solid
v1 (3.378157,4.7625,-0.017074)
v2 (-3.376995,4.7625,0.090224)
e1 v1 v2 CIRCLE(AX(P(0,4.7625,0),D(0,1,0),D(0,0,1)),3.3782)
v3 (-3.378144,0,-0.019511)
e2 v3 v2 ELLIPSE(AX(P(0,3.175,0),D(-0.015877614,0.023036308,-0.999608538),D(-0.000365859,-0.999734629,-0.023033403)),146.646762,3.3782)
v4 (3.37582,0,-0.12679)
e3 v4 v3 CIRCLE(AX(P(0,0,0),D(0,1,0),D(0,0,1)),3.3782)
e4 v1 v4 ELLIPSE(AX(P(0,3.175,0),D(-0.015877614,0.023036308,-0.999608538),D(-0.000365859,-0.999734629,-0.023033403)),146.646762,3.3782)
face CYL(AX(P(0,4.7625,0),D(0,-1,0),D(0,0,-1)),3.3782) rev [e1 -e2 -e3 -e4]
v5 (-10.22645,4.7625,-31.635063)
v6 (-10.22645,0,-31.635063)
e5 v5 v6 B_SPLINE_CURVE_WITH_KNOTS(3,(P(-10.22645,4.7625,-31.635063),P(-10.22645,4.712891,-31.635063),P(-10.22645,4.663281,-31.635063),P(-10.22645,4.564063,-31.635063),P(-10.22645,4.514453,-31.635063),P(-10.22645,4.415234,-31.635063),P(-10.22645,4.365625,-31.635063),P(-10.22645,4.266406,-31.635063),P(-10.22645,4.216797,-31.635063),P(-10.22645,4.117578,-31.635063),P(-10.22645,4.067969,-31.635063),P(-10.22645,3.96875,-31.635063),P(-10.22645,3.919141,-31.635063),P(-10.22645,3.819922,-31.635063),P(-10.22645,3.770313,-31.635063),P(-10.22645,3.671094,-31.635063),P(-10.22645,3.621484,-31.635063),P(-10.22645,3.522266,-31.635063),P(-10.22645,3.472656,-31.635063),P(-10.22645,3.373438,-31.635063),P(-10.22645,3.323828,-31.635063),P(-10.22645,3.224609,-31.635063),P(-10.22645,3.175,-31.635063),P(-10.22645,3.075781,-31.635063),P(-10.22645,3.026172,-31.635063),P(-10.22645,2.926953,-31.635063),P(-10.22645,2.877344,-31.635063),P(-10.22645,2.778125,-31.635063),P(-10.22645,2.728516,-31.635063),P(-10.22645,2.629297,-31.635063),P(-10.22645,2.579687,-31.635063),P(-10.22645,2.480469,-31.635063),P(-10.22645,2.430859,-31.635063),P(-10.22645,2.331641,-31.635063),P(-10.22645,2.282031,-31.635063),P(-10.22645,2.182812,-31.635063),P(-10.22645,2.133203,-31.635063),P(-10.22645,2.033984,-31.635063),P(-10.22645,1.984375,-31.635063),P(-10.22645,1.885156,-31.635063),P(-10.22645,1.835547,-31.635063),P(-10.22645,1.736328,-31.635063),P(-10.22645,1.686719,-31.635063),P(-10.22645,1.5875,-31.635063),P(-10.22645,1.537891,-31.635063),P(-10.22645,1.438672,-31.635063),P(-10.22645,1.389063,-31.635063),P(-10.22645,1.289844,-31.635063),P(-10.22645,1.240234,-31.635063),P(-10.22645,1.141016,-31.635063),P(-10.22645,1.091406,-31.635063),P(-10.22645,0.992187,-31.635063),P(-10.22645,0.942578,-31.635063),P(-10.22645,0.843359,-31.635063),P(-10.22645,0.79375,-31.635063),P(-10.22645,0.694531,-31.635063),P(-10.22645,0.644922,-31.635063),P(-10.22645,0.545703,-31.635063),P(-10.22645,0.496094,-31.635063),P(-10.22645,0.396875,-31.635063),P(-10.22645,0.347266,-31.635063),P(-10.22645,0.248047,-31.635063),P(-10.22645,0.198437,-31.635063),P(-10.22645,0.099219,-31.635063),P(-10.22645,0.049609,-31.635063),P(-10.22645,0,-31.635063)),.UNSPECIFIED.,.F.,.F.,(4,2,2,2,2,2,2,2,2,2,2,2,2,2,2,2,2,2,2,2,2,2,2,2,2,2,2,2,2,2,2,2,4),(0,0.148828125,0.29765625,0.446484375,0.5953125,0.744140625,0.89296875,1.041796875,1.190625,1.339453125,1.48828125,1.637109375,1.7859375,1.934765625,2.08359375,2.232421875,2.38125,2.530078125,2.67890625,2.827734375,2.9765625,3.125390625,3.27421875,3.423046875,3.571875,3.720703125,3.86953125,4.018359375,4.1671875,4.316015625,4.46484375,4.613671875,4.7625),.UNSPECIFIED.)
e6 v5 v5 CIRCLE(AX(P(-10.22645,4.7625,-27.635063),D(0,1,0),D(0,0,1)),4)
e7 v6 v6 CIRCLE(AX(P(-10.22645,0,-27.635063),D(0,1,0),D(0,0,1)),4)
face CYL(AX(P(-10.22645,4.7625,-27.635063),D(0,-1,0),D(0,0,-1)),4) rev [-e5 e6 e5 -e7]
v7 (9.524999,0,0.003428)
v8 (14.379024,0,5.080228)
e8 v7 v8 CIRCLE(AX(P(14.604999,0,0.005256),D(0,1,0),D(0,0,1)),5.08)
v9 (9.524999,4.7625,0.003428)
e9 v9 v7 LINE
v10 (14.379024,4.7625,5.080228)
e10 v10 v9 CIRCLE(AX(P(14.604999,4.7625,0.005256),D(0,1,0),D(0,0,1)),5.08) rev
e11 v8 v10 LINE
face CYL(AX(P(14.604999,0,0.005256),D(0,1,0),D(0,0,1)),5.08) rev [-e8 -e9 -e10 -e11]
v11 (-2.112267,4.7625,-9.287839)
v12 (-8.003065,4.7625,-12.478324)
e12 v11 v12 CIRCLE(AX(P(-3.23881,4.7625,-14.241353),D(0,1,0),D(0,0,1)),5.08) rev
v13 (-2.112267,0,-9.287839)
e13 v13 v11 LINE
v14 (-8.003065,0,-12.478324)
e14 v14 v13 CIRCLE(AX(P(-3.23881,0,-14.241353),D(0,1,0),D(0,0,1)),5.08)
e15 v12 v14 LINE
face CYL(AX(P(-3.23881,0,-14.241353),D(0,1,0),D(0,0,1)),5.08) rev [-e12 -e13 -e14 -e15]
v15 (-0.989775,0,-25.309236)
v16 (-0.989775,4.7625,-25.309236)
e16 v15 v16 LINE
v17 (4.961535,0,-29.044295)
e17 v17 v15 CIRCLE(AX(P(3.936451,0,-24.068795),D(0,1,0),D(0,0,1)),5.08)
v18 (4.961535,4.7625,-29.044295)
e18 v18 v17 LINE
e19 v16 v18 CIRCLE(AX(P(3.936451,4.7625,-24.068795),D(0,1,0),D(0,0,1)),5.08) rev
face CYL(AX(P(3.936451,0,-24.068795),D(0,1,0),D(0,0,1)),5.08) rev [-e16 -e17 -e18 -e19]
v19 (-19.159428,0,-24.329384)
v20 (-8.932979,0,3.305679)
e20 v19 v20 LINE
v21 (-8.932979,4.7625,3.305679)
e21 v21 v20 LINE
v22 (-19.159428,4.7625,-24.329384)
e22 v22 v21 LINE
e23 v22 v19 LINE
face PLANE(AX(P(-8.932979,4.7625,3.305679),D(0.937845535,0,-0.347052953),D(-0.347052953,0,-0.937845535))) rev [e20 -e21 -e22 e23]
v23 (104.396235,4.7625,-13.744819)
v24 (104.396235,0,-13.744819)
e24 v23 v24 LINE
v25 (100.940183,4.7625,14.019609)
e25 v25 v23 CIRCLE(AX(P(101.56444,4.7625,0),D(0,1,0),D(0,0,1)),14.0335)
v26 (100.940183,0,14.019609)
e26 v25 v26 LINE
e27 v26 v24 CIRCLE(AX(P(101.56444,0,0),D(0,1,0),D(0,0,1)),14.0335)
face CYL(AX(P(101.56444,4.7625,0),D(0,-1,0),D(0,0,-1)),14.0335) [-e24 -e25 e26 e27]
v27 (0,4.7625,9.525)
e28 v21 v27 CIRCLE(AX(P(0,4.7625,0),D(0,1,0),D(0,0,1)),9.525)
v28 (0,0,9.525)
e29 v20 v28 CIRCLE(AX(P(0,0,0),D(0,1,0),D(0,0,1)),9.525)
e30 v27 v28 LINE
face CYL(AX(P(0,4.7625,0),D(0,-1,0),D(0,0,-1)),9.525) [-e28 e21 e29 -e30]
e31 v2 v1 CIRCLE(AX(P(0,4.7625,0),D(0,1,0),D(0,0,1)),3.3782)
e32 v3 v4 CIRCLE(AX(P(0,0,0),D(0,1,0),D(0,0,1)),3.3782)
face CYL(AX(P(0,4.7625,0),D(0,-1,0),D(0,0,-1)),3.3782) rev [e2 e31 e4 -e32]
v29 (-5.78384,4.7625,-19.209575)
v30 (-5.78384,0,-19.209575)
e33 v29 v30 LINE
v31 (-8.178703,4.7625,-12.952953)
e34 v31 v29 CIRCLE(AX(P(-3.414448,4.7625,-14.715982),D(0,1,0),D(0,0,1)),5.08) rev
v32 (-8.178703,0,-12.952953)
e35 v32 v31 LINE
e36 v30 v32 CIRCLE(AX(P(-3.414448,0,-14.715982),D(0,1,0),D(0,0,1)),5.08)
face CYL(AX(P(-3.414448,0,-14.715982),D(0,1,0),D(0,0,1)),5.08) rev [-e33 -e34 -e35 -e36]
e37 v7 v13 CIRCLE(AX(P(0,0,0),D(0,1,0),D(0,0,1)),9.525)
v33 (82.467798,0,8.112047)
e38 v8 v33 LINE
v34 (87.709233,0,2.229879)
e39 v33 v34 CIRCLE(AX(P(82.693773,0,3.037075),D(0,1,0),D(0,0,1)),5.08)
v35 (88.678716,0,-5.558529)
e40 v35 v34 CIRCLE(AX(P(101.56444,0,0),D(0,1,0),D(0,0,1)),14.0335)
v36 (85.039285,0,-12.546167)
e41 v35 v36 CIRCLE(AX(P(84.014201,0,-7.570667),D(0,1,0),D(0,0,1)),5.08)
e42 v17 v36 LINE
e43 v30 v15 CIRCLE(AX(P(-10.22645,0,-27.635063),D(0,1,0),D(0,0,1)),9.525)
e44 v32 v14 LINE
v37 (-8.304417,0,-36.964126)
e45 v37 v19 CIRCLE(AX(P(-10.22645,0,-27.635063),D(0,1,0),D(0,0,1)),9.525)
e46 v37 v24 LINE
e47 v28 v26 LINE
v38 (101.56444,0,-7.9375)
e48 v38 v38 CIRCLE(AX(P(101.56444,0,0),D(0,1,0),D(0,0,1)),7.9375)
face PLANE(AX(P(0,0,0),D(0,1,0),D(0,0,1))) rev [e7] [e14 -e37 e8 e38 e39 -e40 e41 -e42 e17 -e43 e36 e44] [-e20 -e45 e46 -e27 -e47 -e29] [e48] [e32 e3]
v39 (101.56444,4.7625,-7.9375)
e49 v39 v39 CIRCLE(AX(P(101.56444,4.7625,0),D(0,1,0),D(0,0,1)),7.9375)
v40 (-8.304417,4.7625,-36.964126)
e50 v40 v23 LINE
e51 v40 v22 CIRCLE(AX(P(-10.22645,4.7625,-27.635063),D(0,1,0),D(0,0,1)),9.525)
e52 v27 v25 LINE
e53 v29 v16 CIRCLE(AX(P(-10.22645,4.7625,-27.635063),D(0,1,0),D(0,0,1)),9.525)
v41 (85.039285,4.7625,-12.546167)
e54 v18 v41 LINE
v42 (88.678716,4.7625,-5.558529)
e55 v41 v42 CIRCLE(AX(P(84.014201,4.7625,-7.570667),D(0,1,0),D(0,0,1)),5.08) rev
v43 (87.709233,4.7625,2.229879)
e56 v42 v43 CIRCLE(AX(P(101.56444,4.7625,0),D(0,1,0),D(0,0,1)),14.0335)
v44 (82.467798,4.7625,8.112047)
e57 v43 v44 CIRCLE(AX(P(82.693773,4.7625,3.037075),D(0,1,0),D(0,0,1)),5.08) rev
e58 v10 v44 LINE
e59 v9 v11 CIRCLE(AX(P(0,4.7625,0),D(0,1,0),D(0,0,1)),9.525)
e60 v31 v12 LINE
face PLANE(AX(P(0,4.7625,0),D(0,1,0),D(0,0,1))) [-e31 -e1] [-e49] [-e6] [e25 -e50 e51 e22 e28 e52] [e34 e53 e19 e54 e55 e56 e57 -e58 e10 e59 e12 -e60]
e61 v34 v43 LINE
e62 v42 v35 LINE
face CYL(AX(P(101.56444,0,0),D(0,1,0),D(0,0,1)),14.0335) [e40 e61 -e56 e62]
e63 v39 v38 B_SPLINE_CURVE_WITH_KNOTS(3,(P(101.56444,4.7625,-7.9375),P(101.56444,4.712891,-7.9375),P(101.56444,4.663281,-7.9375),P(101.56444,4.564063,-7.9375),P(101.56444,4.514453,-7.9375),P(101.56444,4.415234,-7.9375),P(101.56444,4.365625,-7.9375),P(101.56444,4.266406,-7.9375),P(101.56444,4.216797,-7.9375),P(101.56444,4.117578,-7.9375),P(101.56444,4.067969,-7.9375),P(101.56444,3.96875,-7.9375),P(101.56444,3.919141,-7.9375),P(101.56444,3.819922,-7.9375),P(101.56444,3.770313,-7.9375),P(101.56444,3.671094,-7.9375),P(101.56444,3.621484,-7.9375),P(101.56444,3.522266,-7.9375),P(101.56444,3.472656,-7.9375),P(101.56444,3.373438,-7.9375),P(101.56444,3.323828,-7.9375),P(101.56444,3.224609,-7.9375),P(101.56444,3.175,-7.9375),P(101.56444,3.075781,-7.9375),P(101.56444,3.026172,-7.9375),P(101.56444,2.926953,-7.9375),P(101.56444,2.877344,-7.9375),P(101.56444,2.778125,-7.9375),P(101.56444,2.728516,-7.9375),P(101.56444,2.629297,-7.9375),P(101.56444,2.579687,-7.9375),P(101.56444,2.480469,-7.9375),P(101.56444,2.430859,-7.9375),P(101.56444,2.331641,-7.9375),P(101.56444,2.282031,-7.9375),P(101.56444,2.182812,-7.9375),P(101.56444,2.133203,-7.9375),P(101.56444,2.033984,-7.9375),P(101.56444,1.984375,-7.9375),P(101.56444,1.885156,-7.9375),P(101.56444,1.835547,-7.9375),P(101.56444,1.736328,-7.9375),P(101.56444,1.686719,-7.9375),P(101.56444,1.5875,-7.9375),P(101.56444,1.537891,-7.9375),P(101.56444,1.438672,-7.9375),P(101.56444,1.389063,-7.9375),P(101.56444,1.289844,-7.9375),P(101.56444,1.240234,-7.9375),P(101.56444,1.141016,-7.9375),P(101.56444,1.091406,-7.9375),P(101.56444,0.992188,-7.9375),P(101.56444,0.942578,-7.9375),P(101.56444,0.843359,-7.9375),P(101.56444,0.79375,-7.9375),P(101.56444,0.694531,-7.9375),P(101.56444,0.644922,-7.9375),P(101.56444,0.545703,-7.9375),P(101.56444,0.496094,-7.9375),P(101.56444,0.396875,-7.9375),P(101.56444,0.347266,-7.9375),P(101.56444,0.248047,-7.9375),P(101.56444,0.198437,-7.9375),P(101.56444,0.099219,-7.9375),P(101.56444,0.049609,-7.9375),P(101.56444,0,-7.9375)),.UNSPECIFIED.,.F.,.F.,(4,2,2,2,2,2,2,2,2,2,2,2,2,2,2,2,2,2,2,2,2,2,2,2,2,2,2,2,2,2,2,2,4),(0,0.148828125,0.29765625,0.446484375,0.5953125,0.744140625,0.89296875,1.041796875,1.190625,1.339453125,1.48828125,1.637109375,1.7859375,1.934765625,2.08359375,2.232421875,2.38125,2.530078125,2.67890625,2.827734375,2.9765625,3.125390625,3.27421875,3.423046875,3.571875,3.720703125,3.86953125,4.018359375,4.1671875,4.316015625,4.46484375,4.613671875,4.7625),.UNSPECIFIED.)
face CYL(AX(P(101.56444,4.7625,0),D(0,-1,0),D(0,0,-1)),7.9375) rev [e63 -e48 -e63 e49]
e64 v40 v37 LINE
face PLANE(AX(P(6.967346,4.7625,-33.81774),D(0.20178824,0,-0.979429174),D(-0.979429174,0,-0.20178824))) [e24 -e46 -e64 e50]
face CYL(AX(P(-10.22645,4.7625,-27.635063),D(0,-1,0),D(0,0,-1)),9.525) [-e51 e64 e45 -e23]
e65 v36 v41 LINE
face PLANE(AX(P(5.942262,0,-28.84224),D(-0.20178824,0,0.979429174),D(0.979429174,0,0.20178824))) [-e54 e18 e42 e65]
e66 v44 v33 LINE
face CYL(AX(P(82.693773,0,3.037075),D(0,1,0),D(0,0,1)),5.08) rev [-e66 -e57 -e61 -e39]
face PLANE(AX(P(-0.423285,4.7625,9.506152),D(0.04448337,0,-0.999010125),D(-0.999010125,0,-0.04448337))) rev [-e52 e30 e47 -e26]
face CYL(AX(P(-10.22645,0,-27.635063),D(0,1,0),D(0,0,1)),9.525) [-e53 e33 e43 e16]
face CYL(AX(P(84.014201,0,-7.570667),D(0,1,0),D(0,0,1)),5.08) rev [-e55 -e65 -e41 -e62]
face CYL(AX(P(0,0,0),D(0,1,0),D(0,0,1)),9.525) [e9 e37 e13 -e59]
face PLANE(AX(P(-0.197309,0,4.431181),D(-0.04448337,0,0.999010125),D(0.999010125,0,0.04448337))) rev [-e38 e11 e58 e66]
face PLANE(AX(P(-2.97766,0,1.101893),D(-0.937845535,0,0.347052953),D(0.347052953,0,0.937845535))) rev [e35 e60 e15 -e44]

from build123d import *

# Parameters (mm, degrees)
SKETCH1_R           = 4
SKETCH1_R_2         = 7.9375
SKETCH1_R_3         = 3.3782
BOSS_EXTRUDE2_DEPTH = 4.7625
CUT_EXTRUDE1_DEPTH  = 122.517222726
FILLET1_R           = 5.08


with BuildPart() as part:
    # Sketch1 → Boss-Extrude2 (new body)
    with BuildSketch(Plane(origin=(0, 0, 0), x_dir=(1, 0, 0), z_dir=(0, 1, 0))):
        with BuildLine():
            Line((104.396235267, 13.744819308), (-8.304416732, 36.964125856))
            ThreePointArc((-8.304416732, 36.964125856), (-17.451234138, 33.842164964), (-19.159429037, 24.329385209))
            Line((-19.159429037, 24.329385209), (-8.932978723, -3.305679376))
            ThreePointArc((-8.932978723, -3.305679376), (-5.442381324, -7.817039755), (0, -9.525))
            Line((0, -9.525), (100.940182628, -14.019608589))
            ThreePointArc((100.940182628, -14.019608589), (115.490464917, -1.733479809), (104.396235267, 13.744819308))
        make_face()
        with Locations((-10.226449718, 27.635062977)):
            Circle(SKETCH1_R, mode=Mode.SUBTRACT)
        with Locations((101.56444, 0)):
            Circle(SKETCH1_R_2, mode=Mode.SUBTRACT)
        Circle(SKETCH1_R_3, mode=Mode.SUBTRACT)
    extrude(amount=BOSS_EXTRUDE2_DEPTH)

    # Sketch2 → Cut-Extrude1 (cut, through all)
    with BuildSketch(Plane(origin=(0, 4.7625, 0), x_dir=(1, 0, 0), z_dir=(0, 1, 0))):
        with BuildLine():
            Line((-10.087484888, 18.111076743), (-6.094283979, 7.320199983))
            ThreePointArc((-6.094283979, 7.320199983), (6.155929185, 7.26843593), (8.223542142, -4.806139786))
            Line((8.223542142, -4.806139786), (90.370654862, -8.463940958))
            ThreePointArc((90.370654862, -8.463940958), (87.638415083, 1.733479809), (92.787243401, 10.949883201))
            Line((92.787243401, 10.949883201), (-1.078567334, 30.28871572))
            ThreePointArc((-1.078567334, 30.28871572), (-2.569093415, 21.970213513), (-10.087484888, 18.111076743))
        make_face()
    extrude(amount=-CUT_EXTRUDE1_DEPTH, mode=Mode.SUBTRACT)

    # Fillet1
    fillet1_edges = [part.edges().sort_by_distance(p)[0] for p in [
        (-10.087484888, 2.38125, -18.111076743),
        (-6.094283979, 2.38125, -7.320199983),
        (92.787243401, 2.38125, -10.949883201),
        (90.370654862, 2.38125, 8.463940958),
        (-1.078567334, 2.38125, -30.28871572),
        (8.223542142, 2.38125, 4.806139786),
    ]]
    fillet(fillet1_edges, radius=FILLET1_R)


solid = part.part
